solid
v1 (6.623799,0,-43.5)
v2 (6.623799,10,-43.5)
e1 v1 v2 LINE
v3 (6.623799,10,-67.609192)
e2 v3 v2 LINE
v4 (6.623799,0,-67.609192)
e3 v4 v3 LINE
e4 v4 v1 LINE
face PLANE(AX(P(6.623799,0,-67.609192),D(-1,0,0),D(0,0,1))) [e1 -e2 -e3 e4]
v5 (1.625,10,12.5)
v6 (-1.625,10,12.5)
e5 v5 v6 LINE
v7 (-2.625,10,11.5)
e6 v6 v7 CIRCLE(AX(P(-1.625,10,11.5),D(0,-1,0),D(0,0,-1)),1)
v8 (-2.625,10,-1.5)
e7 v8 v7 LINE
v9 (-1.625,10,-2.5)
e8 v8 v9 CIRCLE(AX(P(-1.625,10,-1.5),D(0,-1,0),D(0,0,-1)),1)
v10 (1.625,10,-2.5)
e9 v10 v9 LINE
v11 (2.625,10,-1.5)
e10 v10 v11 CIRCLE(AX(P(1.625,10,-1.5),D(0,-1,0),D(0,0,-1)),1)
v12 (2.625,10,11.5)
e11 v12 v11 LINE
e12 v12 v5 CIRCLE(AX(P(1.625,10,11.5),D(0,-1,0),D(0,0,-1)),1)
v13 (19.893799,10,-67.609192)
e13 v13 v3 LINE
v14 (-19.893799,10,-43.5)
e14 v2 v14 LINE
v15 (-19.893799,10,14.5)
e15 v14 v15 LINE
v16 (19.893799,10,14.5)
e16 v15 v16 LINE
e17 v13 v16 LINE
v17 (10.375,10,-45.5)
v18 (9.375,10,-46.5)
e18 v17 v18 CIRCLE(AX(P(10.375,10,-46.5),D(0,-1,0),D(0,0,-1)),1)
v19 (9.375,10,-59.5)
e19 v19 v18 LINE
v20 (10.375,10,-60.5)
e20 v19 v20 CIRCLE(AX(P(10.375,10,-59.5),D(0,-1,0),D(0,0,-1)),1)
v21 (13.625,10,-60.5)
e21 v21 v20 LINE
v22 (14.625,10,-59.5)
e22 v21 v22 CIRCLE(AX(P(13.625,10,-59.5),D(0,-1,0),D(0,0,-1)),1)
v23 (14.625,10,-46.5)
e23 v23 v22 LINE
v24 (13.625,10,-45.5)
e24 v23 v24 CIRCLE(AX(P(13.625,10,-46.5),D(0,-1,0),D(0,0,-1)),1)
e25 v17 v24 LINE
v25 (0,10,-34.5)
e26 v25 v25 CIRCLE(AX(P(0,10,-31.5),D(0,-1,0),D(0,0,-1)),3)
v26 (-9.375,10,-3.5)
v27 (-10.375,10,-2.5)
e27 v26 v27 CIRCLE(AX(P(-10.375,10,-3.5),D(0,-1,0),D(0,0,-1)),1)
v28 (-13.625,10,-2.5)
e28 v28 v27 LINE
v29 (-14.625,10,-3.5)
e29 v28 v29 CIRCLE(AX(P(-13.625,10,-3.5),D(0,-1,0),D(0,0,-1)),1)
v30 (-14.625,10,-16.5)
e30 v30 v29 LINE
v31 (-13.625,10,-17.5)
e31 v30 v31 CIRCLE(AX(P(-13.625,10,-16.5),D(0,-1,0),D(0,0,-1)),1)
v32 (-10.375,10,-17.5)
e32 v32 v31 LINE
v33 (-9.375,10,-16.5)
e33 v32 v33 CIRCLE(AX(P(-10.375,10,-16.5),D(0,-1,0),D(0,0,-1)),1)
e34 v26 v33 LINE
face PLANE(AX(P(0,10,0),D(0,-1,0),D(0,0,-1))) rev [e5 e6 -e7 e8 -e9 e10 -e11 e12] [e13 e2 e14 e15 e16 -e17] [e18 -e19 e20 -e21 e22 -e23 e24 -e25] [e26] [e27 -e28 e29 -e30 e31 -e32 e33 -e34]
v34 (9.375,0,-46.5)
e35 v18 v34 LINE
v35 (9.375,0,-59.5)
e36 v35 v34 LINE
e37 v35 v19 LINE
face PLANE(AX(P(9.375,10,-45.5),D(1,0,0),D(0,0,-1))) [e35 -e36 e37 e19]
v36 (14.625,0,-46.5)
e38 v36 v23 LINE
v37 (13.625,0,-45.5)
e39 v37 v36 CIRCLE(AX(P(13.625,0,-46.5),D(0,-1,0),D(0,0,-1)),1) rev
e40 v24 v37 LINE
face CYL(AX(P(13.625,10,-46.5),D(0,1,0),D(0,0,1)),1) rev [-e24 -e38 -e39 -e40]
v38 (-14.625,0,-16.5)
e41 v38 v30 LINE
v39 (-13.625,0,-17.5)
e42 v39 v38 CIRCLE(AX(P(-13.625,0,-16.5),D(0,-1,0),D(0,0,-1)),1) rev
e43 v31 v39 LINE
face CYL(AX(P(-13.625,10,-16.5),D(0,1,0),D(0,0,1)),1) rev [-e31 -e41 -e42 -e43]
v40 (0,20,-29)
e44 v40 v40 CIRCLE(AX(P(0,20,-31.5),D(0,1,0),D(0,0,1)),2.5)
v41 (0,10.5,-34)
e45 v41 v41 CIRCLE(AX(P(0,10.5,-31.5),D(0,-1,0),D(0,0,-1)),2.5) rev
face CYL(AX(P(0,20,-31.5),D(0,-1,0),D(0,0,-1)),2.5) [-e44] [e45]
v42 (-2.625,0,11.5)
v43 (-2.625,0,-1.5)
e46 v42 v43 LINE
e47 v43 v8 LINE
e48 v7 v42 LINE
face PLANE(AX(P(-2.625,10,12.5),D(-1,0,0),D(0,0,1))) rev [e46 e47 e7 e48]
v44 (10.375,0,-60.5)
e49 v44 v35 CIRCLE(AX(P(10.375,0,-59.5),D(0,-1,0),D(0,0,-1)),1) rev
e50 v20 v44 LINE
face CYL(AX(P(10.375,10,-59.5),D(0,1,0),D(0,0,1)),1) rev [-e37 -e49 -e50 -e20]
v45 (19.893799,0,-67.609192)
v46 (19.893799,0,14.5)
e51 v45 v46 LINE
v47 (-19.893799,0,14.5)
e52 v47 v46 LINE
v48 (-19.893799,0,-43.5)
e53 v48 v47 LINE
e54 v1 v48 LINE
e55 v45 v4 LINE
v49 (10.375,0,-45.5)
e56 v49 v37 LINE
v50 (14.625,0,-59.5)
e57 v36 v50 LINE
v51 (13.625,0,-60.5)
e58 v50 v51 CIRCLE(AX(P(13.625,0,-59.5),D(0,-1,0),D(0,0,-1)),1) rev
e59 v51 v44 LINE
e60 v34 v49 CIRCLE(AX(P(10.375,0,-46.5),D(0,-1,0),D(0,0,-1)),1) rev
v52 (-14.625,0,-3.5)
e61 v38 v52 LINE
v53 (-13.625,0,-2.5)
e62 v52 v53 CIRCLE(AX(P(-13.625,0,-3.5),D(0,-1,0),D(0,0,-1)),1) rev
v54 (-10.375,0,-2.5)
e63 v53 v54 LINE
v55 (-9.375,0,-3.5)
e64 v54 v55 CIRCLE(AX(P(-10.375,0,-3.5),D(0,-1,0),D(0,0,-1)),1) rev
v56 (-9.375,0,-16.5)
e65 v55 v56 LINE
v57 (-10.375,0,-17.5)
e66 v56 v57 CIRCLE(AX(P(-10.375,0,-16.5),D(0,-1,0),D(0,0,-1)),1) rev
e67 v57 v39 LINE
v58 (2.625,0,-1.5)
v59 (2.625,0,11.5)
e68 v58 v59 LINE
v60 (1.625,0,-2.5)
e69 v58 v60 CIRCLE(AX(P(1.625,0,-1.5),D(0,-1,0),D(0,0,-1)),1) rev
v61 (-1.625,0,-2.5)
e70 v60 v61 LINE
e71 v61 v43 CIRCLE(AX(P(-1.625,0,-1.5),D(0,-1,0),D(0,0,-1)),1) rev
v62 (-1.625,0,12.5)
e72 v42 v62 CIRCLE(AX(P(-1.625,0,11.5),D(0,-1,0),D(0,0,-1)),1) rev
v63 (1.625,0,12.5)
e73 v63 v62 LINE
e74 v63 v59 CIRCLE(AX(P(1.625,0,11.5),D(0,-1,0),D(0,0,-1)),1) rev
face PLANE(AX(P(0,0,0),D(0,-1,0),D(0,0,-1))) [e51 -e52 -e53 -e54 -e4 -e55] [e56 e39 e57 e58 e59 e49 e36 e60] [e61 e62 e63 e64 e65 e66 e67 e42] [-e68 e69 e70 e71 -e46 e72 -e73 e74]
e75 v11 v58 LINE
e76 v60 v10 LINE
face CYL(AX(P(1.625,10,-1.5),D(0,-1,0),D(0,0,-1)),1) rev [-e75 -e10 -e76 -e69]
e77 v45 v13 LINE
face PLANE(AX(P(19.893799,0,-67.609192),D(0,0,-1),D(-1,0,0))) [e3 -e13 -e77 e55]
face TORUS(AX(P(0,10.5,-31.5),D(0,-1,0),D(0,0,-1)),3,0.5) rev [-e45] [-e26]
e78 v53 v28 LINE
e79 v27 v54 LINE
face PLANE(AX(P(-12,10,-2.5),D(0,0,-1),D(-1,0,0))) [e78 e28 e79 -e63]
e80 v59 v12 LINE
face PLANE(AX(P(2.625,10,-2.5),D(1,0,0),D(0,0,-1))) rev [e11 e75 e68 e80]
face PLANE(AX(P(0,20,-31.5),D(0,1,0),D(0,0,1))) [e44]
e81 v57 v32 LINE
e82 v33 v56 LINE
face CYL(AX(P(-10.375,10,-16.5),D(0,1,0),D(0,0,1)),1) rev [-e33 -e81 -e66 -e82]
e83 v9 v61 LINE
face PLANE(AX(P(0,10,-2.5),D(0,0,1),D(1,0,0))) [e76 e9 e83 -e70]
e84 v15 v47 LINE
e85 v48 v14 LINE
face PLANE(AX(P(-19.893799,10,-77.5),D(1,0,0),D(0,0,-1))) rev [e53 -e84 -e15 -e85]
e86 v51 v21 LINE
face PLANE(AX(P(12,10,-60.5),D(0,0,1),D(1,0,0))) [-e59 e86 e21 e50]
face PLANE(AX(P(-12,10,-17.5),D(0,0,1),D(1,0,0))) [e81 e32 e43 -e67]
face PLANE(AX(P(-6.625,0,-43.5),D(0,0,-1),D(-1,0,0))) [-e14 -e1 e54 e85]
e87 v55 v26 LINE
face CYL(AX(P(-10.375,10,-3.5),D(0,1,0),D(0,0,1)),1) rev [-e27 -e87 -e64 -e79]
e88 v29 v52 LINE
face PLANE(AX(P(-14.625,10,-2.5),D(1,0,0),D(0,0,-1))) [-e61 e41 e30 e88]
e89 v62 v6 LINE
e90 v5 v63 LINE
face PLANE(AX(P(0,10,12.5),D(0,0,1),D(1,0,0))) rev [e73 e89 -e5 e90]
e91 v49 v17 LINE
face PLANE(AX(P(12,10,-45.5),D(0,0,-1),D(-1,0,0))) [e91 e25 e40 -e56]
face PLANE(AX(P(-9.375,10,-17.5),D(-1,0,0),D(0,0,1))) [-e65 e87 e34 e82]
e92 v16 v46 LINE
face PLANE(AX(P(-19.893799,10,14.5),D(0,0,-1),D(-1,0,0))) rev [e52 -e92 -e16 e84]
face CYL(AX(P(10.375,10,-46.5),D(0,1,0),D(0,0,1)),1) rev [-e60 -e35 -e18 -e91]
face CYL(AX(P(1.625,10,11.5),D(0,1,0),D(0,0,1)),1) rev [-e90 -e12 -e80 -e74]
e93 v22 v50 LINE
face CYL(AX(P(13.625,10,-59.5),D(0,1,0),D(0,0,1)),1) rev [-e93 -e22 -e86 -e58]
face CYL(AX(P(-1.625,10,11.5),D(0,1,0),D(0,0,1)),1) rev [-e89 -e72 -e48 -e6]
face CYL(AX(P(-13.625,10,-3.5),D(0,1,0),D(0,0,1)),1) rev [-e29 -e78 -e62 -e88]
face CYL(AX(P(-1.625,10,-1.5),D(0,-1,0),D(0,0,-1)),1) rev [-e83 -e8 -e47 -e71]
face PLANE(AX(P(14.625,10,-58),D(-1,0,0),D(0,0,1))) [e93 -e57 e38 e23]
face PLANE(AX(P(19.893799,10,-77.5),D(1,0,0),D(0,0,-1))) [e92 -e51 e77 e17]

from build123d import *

# Parameters (mm, degrees)
BOSS_EXTRUDE1_DEPTH  = 10
FILLET2_R            = 1
FILLET2_OF_MIRROR1_R = 1
CUT_EXTRUDE1_DEPTH   = 81.635062113
FILLET3_R            = 1
SKETCH5_R            = 2.5
BOSS_EXTRUDE2_DEPTH  = 10
FILLET1_R            = 0.5
CUT_EXTRUDE2_DEPTH   = 10


with BuildPart() as part:
    # Sketch2 → Boss-Extrude1 (new body)
    with BuildSketch(Plane(origin=(0, 0, 0), x_dir=(1, 0, 0), z_dir=(0, 1, 0))):
        Polygon((-19.893799085, 77.5), (0, 77.5), (0, 75.5), (-2.625, 75.5), (-2.625, 73), (-2.625, 63), (-2.625, 60.5), (0, 60.5), (0, 60.375), (0, 2.5), (-2.625, 2.5), (-2.625, 0), (-2.625, -10), (-2.625, -12.5), (0, -12.5), (0, -14.5), (-19.893799085, -14.5), align=None)
    boss_extrude1 = extrude(amount=BOSS_EXTRUDE1_DEPTH)

    # Fillet2
    fillet2_edges = [part.edges().sort_by_distance(p)[0] for p in [
        (-2.625, 5, 12.5),
        (-2.625, 5, -2.5),
        (-2.625, 5, -60.5),
        (-2.625, 5, -75.5),
    ]]
    fillet(fillet2_edges, radius=FILLET2_R)

    # Mirror1: Boss-Extrude1 across Right Plane
    add(boss_extrude1.mirror(Plane(origin=(0, 0, 0), x_dir=(0, 0, -1), z_dir=(1, 0, 0))))

    # Fillet2 of Mirror1
    fillet2_of_mirror1_edges = [part.edges().sort_by_distance(p)[0] for p in [
        (2.625, 5, 12.5),
        (2.625, 5, -2.5),
        (2.625, 5, -60.5),
        (2.625, 5, -75.5),
    ]]
    fillet(fillet2_of_mirror1_edges, radius=FILLET2_OF_MIRROR1_R)

    # Sketch4 → Cut-Extrude1 (cut, through all)
    with BuildSketch(Plane(origin=(0, 0, 0), x_dir=(1, 0, 0), z_dir=(0, 1, 0))):
        Polygon((-14.625, 15), (-14.625, 5), (-14.625, 2.5), (-12, 2.5), (-9.375, 2.5), (-9.375, 5), (-9.375, 15), (-9.375, 17.5), (-12, 17.5), (-14.625, 17.5), align=None)
        Polygon((9.375, 58), (9.375, 48), (9.375, 45.5), (12, 45.5), (14.625, 45.5), (14.625, 48), (14.625, 58), (14.625, 60.5), (12, 60.5), (9.375, 60.5), align=None)
    extrude(amount=CUT_EXTRUDE1_DEPTH, mode=Mode.SUBTRACT)

    # Fillet3
    fillet3_edges = [part.edges().sort_by_distance(p)[0] for p in [
        (-14.625, 5, -17.5),
        (-14.625, 5, -2.5),
        (-9.375, 5, -2.5),
        (-9.375, 5, -17.5),
        (14.625, 5, -60.5),
        (9.375, 5, -60.5),
        (9.375, 5, -45.5),
        (14.625, 5, -45.5),
    ]]
    fillet(fillet3_edges, radius=FILLET3_R)

    # Sketch5 → Boss-Extrude2 (add)
    with BuildSketch(Plane(origin=(0, 10, 0), x_dir=(1, 0, 0), z_dir=(0, 1, 0))):
        with Locations(Location((0, 31.5, 0), (0, 0, 90))):
            Circle(SKETCH5_R)
    extrude(amount=BOSS_EXTRUDE2_DEPTH)

    # Fillet1
    fillet1_edges = [part.edges().sort_by_distance(p)[0] for p in [
        (0, 10, -29),
    ]]
    fillet(fillet1_edges, radius=FILLET1_R)

    # Sketch6 → Cut-Extrude2 (cut)
    with BuildSketch(Plane(origin=(0, 10, 0), x_dir=(1, 0, 0), z_dir=(0, 1, 0))):
        Polygon((19.893799085, 77.5), (19.893799085, 67.609192382), (6.623799085, 67.609192382), (6.623799085, 43.5), (-6.625, 43.5), (-19.893799085, 43.5), (-19.893799085, 77.5), (-6.625, 77.5), align=None)
    extrude(amount=-CUT_EXTRUDE2_DEPTH, mode=Mode.SUBTRACT)


solid = part.part
